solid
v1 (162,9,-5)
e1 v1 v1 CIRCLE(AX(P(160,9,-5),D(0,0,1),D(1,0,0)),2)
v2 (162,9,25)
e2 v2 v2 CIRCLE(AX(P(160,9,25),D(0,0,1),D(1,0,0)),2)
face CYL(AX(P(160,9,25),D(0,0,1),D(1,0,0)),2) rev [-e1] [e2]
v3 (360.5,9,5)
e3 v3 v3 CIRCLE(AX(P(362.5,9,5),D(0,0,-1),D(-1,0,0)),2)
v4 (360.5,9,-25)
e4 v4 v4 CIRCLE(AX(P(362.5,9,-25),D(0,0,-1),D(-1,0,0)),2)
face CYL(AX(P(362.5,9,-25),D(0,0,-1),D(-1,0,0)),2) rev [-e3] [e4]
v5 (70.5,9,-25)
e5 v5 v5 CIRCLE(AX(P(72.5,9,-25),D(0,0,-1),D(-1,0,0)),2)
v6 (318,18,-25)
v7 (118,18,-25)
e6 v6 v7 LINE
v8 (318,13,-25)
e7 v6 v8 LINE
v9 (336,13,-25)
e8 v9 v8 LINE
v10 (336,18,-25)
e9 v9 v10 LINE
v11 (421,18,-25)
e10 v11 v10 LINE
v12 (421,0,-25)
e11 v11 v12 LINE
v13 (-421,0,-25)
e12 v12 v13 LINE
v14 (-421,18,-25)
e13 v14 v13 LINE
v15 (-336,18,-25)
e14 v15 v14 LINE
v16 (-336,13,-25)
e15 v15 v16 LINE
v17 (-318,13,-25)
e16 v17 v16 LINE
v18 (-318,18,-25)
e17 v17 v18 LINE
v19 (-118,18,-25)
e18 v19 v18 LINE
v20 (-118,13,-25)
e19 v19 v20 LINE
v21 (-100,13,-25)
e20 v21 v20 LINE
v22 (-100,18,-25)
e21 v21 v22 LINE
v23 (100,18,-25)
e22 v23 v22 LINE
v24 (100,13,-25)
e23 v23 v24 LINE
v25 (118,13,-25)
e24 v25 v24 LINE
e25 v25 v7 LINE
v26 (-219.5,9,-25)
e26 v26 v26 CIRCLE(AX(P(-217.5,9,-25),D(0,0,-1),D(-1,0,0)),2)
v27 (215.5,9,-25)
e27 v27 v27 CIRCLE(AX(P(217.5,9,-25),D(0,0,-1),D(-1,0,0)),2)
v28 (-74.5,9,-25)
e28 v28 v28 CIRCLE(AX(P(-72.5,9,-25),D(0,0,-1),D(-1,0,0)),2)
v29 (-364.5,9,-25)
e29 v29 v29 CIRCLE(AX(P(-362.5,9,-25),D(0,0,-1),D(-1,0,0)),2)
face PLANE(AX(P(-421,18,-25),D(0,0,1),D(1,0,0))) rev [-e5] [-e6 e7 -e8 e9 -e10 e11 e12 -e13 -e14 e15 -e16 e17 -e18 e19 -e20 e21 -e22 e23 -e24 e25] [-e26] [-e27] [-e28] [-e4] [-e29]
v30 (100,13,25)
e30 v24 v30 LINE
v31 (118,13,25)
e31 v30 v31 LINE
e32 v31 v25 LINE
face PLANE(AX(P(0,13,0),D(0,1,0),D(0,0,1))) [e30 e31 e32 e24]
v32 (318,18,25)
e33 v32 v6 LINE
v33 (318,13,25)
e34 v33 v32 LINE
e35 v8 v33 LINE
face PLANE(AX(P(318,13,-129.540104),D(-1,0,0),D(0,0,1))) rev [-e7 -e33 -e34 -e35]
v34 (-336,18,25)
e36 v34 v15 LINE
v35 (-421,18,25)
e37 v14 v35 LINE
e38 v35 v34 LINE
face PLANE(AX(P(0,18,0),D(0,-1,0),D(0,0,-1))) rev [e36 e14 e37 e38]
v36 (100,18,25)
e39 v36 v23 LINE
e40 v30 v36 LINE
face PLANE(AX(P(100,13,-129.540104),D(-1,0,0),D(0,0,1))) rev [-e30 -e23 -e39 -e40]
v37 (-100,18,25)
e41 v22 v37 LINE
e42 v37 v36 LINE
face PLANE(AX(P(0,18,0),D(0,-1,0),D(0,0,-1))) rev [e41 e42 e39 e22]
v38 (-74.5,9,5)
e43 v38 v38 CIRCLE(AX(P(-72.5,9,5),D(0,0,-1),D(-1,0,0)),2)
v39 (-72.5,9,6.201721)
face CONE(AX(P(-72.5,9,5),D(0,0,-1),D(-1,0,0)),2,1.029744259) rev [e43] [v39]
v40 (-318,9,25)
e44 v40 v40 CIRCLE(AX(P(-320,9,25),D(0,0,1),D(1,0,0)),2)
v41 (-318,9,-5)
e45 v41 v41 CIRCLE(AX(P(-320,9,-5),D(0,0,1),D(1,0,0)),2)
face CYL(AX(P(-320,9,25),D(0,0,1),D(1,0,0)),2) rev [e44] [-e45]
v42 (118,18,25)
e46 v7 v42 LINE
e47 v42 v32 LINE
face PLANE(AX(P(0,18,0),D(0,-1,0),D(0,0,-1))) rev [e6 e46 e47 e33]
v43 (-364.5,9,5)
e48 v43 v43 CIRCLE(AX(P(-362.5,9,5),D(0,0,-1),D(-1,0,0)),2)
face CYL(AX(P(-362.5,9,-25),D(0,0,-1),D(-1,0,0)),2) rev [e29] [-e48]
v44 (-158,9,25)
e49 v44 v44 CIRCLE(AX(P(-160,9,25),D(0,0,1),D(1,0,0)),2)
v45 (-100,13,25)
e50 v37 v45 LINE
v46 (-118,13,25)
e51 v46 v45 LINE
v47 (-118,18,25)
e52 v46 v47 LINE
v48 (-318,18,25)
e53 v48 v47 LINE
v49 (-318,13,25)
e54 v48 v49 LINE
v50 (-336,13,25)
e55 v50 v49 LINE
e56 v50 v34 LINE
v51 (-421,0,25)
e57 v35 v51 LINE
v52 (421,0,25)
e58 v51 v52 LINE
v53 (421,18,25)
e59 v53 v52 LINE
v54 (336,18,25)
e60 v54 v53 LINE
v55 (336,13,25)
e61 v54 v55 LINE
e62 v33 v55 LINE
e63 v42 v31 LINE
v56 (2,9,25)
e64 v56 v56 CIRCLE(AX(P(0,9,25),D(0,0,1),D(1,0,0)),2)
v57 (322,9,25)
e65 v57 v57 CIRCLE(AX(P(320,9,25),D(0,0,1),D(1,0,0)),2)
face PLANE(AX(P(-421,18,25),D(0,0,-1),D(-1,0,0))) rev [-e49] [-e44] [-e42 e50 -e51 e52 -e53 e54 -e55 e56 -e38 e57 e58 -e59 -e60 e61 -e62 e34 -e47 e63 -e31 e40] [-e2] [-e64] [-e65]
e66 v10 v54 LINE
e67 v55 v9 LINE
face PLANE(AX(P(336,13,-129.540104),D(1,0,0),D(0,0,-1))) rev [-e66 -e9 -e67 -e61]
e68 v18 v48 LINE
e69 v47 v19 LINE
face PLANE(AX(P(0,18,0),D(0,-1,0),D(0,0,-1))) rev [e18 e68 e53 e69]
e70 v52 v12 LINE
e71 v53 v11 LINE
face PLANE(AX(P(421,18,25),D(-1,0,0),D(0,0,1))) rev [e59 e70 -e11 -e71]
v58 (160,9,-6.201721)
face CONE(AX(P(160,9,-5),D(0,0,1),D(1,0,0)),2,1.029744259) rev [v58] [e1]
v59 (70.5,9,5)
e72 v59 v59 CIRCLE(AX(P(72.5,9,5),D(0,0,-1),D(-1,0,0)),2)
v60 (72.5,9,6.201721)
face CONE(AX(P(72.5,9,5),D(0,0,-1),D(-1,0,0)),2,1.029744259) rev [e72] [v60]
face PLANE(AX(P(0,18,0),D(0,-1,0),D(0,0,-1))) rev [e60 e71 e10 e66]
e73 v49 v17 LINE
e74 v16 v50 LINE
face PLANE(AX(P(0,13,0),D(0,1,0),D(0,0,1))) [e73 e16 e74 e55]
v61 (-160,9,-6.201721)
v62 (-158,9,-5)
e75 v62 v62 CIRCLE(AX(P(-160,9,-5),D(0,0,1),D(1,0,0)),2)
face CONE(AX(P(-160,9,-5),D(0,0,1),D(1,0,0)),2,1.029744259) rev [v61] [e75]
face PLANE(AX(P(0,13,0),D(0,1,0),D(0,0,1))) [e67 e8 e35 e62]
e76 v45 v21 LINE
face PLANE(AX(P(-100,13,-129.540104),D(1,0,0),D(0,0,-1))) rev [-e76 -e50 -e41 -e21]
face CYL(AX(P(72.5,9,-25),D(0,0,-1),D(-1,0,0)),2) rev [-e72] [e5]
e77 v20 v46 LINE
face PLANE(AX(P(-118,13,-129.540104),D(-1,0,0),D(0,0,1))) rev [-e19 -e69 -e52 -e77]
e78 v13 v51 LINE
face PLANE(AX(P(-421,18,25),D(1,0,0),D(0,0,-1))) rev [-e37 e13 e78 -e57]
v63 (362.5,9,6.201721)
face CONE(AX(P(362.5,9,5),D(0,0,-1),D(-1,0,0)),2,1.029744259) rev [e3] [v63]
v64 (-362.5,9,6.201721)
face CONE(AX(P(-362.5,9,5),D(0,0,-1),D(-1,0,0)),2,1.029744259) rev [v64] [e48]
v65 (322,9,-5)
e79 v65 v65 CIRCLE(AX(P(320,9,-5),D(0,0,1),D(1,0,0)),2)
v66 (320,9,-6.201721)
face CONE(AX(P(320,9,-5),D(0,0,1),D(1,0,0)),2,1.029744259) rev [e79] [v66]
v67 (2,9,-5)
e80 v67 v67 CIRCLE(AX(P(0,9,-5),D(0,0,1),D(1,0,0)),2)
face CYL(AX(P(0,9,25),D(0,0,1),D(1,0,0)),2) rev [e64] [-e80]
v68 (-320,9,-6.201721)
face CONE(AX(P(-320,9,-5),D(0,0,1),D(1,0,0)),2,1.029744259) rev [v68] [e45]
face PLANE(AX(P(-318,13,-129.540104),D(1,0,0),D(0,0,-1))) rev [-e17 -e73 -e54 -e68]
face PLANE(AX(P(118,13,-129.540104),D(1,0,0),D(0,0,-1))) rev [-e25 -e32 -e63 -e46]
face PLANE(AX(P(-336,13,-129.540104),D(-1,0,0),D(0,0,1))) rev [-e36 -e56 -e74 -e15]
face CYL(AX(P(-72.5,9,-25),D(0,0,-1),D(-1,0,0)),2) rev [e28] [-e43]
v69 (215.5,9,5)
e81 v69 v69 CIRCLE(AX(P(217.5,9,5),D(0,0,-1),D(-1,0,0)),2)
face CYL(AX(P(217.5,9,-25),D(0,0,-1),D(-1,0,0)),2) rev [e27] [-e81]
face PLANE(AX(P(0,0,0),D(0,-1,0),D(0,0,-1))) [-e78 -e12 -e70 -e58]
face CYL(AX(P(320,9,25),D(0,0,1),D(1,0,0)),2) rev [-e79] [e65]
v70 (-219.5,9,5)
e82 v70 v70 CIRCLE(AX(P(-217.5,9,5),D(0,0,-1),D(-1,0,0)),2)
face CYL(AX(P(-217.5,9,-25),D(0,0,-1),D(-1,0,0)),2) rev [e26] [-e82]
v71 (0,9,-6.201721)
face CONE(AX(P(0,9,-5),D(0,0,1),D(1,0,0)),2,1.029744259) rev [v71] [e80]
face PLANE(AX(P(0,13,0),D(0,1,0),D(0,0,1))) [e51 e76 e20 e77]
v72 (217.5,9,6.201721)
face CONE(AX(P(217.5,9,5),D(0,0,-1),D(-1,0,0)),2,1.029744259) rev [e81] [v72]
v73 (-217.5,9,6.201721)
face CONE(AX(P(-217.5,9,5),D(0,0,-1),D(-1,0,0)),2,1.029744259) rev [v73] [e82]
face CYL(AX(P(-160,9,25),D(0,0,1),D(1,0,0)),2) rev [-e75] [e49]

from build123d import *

# Parameters (mm, degrees)
SKETCH1_W                    = 842
SKETCH1_H                    = 50
BOSS_EXTRUDE1_DEPTH          = 18
SKETCH2_W                    = 18
SKETCH2_H                    = 234.314907891
CUT_EXTRUDE1_DEPTH           = 5
F_4_0_4_DIAMETER_HOLE1_D     = 4
F_4_0_4_DIAMETER_HOLE1_DEPTH = 30
F_4_0_4_DIAMETER_HOLE1_TIP   = 1.201721238
F_4_0_4_DIAMETER_HOLE2_D     = 4
F_4_0_4_DIAMETER_HOLE2_DEPTH = 30
F_4_0_4_DIAMETER_HOLE2_TIP   = 1.201721238


with BuildPart() as part:
    # Sketch1 → Boss-Extrude1 (new body)
    with BuildSketch(Plane(origin=(0, 0, 0), x_dir=(1, 0, 0), z_dir=(0, 1, 0))):
        Rectangle(SKETCH1_W, SKETCH1_H)
    extrude(amount=BOSS_EXTRUDE1_DEPTH)

    # Sketch2 → Cut-Extrude1 (cut)
    with BuildSketch(Plane(origin=(0, 18, 0), x_dir=(1, 0, 0), z_dir=(0, 1, 0))):
        with Locations((-327, 12.382649644)):
            Rectangle(SKETCH2_W, SKETCH2_H)
        with Locations((-109, 12.382649644)):
            Rectangle(SKETCH2_W, SKETCH2_H)
        with Locations((109, 12.382649644)):
            Rectangle(SKETCH2_W, SKETCH2_H)
        with Locations((327, 12.382649644)):
            Rectangle(SKETCH2_W, SKETCH2_H)
    extrude(amount=-CUT_EXTRUDE1_DEPTH, mode=Mode.SUBTRACT)

    # Ø4.0 (4) Diameter Hole1
    with Locations(Plane.XY.offset(25)):
        with Locations((-320, 9), (-160, 9), (0, 9), (160, 9), (320, 9)):
            Hole(F_4_0_4_DIAMETER_HOLE1_D / 2, depth=F_4_0_4_DIAMETER_HOLE1_DEPTH)
            with Locations((0, 0, -(F_4_0_4_DIAMETER_HOLE1_DEPTH + F_4_0_4_DIAMETER_HOLE1_TIP / 2))):  # 118° drill point
                Cone(0, F_4_0_4_DIAMETER_HOLE1_D / 2, F_4_0_4_DIAMETER_HOLE1_TIP, mode=Mode.SUBTRACT)

    # Ø4.0 (4) Diameter Hole2
    with Locations(Plane(origin=(0, 0, -25), x_dir=(-1, 0, 0), z_dir=(0, 0, -1))):
        with Locations((-362.5, 9), (-217.5, 9), (-72.5, 9), (72.5, 9), (217.5, 9), (362.5, 9)):
            Hole(F_4_0_4_DIAMETER_HOLE2_D / 2, depth=F_4_0_4_DIAMETER_HOLE2_DEPTH)
            with Locations((0, 0, -(F_4_0_4_DIAMETER_HOLE2_DEPTH + F_4_0_4_DIAMETER_HOLE2_TIP / 2))):  # 118° drill point
                Cone(0, F_4_0_4_DIAMETER_HOLE2_D / 2, F_4_0_4_DIAMETER_HOLE2_TIP, mode=Mode.SUBTRACT)


solid = part.part
